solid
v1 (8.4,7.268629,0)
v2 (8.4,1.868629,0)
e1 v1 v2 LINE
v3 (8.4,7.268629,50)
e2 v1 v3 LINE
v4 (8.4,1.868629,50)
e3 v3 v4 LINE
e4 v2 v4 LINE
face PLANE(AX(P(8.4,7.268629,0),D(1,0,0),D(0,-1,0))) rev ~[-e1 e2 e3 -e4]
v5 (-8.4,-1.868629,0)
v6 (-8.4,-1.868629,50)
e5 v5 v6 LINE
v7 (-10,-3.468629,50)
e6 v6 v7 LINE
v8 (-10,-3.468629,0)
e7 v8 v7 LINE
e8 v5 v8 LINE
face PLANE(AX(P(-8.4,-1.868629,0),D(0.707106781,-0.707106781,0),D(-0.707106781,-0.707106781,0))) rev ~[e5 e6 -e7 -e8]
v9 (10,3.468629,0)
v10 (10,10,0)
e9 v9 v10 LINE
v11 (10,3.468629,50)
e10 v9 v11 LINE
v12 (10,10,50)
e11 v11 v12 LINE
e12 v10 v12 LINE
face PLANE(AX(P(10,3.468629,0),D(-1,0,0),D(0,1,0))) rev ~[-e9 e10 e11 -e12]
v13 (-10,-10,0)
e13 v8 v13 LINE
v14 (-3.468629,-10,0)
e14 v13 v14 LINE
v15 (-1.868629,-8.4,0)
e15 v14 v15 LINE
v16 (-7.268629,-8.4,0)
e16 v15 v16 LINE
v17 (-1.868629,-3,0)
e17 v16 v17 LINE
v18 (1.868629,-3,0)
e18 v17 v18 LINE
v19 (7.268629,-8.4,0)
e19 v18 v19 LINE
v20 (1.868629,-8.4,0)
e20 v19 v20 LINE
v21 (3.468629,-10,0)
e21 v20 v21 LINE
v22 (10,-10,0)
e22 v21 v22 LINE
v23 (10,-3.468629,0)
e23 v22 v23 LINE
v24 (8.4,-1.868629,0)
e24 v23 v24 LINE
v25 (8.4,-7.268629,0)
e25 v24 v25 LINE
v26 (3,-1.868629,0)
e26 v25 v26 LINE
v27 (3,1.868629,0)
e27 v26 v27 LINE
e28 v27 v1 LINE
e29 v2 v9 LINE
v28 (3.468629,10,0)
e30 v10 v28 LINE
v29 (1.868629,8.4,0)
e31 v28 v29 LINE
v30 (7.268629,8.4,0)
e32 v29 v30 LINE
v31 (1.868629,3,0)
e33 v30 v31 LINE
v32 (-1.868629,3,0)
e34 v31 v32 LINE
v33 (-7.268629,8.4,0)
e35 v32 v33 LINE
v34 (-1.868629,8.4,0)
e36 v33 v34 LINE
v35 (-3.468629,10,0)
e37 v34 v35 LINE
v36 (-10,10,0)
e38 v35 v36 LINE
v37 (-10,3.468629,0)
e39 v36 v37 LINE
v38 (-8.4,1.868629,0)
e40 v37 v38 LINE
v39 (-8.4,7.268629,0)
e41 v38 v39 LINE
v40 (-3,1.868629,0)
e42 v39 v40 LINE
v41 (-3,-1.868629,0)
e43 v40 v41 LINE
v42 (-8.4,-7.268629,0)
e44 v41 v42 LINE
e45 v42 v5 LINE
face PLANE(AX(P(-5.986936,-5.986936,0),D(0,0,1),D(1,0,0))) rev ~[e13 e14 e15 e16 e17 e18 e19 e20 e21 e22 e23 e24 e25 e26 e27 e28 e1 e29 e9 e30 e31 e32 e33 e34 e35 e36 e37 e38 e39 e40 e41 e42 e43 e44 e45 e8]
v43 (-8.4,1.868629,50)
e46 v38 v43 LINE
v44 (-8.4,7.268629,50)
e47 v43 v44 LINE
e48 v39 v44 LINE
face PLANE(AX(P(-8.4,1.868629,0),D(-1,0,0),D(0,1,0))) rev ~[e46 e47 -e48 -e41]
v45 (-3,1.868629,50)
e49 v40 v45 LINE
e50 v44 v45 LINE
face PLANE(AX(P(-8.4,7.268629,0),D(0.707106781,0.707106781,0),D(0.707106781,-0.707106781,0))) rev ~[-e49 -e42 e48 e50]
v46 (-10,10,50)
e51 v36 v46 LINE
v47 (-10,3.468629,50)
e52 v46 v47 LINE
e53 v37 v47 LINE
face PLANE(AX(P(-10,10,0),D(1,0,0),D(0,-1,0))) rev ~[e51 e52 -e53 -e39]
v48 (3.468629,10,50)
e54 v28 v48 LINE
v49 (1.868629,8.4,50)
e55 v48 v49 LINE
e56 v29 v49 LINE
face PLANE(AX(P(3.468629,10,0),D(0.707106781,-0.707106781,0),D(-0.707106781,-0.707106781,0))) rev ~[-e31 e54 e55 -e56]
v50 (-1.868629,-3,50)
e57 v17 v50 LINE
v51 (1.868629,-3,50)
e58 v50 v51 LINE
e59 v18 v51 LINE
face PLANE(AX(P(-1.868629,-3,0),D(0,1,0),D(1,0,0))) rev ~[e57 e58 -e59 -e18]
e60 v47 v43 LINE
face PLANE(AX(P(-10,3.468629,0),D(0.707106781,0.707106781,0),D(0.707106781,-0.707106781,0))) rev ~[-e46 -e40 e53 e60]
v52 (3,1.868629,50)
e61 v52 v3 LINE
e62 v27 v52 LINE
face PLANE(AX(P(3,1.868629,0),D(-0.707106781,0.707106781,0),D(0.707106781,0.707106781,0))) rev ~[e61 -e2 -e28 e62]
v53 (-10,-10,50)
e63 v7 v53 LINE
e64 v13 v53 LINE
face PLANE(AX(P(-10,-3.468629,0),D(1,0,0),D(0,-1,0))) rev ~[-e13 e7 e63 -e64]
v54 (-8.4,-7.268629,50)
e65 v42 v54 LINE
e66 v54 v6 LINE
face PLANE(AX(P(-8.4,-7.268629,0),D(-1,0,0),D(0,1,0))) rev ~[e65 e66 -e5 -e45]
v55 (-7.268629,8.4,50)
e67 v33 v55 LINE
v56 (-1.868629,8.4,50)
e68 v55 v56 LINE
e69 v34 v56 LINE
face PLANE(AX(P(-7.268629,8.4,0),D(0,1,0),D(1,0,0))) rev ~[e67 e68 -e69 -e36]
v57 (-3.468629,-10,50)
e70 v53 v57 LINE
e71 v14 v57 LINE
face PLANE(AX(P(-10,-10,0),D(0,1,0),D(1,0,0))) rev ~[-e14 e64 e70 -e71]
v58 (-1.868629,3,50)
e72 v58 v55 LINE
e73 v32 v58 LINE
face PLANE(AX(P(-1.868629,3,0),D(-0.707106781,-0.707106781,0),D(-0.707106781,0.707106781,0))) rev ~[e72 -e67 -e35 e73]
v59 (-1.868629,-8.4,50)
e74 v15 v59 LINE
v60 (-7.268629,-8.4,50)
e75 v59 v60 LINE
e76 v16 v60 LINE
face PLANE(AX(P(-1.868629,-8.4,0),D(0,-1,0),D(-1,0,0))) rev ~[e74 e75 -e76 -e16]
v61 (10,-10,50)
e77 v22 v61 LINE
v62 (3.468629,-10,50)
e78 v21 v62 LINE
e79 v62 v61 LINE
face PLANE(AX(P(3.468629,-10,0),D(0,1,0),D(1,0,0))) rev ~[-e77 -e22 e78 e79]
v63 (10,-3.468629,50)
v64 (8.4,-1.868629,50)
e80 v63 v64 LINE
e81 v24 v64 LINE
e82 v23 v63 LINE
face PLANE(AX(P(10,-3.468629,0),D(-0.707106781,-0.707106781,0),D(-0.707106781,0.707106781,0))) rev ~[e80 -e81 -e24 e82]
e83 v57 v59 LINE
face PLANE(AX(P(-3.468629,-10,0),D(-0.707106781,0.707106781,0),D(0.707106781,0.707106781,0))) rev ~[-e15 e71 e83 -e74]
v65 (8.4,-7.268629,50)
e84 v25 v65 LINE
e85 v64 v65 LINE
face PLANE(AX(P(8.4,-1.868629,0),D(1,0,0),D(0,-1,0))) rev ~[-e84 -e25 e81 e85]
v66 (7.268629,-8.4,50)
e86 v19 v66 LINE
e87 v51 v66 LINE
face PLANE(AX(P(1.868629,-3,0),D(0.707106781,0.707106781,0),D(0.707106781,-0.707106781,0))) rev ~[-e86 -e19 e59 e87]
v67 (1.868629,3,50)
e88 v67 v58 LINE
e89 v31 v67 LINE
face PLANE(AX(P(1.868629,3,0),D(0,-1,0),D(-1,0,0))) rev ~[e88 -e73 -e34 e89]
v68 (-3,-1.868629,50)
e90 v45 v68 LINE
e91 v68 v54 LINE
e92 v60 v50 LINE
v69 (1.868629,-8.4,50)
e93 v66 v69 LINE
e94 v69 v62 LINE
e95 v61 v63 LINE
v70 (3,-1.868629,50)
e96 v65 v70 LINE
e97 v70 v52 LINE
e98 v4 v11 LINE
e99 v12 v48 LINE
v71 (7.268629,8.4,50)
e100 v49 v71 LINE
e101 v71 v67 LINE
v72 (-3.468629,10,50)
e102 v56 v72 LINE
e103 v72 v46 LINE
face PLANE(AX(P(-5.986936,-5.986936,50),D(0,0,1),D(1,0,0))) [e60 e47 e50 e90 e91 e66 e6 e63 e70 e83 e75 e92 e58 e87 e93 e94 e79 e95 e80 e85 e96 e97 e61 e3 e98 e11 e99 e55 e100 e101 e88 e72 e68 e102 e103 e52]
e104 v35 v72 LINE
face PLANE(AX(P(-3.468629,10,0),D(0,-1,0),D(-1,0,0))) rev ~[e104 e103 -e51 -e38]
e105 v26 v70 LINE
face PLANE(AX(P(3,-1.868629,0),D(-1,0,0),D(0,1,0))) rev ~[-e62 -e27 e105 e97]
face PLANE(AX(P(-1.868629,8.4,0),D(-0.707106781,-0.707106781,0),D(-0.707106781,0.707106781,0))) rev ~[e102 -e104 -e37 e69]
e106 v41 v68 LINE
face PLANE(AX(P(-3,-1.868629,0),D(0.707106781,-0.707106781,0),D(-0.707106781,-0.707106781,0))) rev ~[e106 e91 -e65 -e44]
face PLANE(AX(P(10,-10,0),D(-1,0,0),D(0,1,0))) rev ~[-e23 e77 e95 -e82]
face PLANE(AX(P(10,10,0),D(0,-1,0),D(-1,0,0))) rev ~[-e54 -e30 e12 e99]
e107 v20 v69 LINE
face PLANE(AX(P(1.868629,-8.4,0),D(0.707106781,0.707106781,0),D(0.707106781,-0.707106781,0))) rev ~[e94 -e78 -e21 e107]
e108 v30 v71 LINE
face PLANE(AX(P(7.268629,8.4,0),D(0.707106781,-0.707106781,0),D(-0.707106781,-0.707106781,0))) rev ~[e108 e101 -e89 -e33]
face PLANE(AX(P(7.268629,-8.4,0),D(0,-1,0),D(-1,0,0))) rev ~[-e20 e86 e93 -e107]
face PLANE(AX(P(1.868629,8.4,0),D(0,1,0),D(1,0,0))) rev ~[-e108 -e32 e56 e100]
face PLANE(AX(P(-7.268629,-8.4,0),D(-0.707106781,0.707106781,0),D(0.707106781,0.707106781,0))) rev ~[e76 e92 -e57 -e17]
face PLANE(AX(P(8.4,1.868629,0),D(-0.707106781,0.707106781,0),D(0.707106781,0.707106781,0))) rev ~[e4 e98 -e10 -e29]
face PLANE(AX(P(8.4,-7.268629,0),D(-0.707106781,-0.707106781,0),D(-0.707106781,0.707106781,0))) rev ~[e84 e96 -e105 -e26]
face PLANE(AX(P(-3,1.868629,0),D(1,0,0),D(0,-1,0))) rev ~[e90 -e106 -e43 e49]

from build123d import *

# Parameters (mm, degrees)
F1_DEPTH = 50


with BuildPart() as f1:
    # F0 (on Top) → F1 (new body)
    with BuildSketch(Plane.XY):
        Polygon((-8.4, -7.268629), (-10, -8.868629), (-10, -10), (-8.868629, -10), (-7.268629, -8.4), (-1.868629, -3), (-3, -3), (-3, -1.868629), align=None)
        Polygon((-7.268629, -8.4), (-8.868629, -10), (-3.468629, -10), (-1.868629, -8.4), align=None)
        Polygon((-8.4, -1.868629), (-10, -3.468629), (-10, -8.868629), (-8.4, -7.268629), align=None)
        Polygon((1.868629, 3), (-1.868629, 3), (-3, 1.868629), (-3, -1.868629), (-1.868629, -3), (1.868629, -3), (3, -1.868629), (3, 1.868629), align=None)
        Polygon((-1.868629, -3), (-3, -1.868629), (-3, -3), align=None)
        Polygon((3, -3), (3, -1.868629), (1.868629, -3), align=None)
        Polygon((8.4, -7.268629), (3, -1.868629), (3, -3), (1.868629, -3), (7.268629, -8.4), (8.868629, -10), (10, -10), (10, -8.868629), align=None)
        Polygon((8.868629, -10), (7.268629, -8.4), (1.868629, -8.4), (3.468629, -10), align=None)
        Polygon((8.4, -1.868629), (8.4, -7.268629), (10, -8.868629), (10, -3.468629), align=None)
        Polygon((10, 3.468629), (10, 8.868629), (8.4, 7.268629), (8.4, 1.868629), align=None)
        Polygon((10, 10), (8.868629, 10), (7.268629, 8.4), (1.868629, 3), (3, 3), (3, 1.868629), (8.4, 7.268629), (10, 8.868629), align=None)
        Polygon((8.868629, 10), (3.468629, 10), (1.868629, 8.4), (7.268629, 8.4), align=None)
        Polygon((3, 3), (1.868629, 3), (3, 1.868629), align=None)
        Polygon((-3, 1.868629), (-1.868629, 3), (-3, 3), align=None)
        Polygon((-8.868629, 10), (-10, 10), (-10, 8.868629), (-8.4, 7.268629), (-3, 1.868629), (-3, 3), (-1.868629, 3), (-7.268629, 8.4), align=None)
        Polygon((-8.4, 7.268629), (-10, 8.868629), (-10, 3.468629), (-8.4, 1.868629), align=None)
        Polygon((-3.468629, 10), (-8.868629, 10), (-7.268629, 8.4), (-1.868629, 8.4), align=None)
    extrude(amount=F1_DEPTH)


solid = f1.part
